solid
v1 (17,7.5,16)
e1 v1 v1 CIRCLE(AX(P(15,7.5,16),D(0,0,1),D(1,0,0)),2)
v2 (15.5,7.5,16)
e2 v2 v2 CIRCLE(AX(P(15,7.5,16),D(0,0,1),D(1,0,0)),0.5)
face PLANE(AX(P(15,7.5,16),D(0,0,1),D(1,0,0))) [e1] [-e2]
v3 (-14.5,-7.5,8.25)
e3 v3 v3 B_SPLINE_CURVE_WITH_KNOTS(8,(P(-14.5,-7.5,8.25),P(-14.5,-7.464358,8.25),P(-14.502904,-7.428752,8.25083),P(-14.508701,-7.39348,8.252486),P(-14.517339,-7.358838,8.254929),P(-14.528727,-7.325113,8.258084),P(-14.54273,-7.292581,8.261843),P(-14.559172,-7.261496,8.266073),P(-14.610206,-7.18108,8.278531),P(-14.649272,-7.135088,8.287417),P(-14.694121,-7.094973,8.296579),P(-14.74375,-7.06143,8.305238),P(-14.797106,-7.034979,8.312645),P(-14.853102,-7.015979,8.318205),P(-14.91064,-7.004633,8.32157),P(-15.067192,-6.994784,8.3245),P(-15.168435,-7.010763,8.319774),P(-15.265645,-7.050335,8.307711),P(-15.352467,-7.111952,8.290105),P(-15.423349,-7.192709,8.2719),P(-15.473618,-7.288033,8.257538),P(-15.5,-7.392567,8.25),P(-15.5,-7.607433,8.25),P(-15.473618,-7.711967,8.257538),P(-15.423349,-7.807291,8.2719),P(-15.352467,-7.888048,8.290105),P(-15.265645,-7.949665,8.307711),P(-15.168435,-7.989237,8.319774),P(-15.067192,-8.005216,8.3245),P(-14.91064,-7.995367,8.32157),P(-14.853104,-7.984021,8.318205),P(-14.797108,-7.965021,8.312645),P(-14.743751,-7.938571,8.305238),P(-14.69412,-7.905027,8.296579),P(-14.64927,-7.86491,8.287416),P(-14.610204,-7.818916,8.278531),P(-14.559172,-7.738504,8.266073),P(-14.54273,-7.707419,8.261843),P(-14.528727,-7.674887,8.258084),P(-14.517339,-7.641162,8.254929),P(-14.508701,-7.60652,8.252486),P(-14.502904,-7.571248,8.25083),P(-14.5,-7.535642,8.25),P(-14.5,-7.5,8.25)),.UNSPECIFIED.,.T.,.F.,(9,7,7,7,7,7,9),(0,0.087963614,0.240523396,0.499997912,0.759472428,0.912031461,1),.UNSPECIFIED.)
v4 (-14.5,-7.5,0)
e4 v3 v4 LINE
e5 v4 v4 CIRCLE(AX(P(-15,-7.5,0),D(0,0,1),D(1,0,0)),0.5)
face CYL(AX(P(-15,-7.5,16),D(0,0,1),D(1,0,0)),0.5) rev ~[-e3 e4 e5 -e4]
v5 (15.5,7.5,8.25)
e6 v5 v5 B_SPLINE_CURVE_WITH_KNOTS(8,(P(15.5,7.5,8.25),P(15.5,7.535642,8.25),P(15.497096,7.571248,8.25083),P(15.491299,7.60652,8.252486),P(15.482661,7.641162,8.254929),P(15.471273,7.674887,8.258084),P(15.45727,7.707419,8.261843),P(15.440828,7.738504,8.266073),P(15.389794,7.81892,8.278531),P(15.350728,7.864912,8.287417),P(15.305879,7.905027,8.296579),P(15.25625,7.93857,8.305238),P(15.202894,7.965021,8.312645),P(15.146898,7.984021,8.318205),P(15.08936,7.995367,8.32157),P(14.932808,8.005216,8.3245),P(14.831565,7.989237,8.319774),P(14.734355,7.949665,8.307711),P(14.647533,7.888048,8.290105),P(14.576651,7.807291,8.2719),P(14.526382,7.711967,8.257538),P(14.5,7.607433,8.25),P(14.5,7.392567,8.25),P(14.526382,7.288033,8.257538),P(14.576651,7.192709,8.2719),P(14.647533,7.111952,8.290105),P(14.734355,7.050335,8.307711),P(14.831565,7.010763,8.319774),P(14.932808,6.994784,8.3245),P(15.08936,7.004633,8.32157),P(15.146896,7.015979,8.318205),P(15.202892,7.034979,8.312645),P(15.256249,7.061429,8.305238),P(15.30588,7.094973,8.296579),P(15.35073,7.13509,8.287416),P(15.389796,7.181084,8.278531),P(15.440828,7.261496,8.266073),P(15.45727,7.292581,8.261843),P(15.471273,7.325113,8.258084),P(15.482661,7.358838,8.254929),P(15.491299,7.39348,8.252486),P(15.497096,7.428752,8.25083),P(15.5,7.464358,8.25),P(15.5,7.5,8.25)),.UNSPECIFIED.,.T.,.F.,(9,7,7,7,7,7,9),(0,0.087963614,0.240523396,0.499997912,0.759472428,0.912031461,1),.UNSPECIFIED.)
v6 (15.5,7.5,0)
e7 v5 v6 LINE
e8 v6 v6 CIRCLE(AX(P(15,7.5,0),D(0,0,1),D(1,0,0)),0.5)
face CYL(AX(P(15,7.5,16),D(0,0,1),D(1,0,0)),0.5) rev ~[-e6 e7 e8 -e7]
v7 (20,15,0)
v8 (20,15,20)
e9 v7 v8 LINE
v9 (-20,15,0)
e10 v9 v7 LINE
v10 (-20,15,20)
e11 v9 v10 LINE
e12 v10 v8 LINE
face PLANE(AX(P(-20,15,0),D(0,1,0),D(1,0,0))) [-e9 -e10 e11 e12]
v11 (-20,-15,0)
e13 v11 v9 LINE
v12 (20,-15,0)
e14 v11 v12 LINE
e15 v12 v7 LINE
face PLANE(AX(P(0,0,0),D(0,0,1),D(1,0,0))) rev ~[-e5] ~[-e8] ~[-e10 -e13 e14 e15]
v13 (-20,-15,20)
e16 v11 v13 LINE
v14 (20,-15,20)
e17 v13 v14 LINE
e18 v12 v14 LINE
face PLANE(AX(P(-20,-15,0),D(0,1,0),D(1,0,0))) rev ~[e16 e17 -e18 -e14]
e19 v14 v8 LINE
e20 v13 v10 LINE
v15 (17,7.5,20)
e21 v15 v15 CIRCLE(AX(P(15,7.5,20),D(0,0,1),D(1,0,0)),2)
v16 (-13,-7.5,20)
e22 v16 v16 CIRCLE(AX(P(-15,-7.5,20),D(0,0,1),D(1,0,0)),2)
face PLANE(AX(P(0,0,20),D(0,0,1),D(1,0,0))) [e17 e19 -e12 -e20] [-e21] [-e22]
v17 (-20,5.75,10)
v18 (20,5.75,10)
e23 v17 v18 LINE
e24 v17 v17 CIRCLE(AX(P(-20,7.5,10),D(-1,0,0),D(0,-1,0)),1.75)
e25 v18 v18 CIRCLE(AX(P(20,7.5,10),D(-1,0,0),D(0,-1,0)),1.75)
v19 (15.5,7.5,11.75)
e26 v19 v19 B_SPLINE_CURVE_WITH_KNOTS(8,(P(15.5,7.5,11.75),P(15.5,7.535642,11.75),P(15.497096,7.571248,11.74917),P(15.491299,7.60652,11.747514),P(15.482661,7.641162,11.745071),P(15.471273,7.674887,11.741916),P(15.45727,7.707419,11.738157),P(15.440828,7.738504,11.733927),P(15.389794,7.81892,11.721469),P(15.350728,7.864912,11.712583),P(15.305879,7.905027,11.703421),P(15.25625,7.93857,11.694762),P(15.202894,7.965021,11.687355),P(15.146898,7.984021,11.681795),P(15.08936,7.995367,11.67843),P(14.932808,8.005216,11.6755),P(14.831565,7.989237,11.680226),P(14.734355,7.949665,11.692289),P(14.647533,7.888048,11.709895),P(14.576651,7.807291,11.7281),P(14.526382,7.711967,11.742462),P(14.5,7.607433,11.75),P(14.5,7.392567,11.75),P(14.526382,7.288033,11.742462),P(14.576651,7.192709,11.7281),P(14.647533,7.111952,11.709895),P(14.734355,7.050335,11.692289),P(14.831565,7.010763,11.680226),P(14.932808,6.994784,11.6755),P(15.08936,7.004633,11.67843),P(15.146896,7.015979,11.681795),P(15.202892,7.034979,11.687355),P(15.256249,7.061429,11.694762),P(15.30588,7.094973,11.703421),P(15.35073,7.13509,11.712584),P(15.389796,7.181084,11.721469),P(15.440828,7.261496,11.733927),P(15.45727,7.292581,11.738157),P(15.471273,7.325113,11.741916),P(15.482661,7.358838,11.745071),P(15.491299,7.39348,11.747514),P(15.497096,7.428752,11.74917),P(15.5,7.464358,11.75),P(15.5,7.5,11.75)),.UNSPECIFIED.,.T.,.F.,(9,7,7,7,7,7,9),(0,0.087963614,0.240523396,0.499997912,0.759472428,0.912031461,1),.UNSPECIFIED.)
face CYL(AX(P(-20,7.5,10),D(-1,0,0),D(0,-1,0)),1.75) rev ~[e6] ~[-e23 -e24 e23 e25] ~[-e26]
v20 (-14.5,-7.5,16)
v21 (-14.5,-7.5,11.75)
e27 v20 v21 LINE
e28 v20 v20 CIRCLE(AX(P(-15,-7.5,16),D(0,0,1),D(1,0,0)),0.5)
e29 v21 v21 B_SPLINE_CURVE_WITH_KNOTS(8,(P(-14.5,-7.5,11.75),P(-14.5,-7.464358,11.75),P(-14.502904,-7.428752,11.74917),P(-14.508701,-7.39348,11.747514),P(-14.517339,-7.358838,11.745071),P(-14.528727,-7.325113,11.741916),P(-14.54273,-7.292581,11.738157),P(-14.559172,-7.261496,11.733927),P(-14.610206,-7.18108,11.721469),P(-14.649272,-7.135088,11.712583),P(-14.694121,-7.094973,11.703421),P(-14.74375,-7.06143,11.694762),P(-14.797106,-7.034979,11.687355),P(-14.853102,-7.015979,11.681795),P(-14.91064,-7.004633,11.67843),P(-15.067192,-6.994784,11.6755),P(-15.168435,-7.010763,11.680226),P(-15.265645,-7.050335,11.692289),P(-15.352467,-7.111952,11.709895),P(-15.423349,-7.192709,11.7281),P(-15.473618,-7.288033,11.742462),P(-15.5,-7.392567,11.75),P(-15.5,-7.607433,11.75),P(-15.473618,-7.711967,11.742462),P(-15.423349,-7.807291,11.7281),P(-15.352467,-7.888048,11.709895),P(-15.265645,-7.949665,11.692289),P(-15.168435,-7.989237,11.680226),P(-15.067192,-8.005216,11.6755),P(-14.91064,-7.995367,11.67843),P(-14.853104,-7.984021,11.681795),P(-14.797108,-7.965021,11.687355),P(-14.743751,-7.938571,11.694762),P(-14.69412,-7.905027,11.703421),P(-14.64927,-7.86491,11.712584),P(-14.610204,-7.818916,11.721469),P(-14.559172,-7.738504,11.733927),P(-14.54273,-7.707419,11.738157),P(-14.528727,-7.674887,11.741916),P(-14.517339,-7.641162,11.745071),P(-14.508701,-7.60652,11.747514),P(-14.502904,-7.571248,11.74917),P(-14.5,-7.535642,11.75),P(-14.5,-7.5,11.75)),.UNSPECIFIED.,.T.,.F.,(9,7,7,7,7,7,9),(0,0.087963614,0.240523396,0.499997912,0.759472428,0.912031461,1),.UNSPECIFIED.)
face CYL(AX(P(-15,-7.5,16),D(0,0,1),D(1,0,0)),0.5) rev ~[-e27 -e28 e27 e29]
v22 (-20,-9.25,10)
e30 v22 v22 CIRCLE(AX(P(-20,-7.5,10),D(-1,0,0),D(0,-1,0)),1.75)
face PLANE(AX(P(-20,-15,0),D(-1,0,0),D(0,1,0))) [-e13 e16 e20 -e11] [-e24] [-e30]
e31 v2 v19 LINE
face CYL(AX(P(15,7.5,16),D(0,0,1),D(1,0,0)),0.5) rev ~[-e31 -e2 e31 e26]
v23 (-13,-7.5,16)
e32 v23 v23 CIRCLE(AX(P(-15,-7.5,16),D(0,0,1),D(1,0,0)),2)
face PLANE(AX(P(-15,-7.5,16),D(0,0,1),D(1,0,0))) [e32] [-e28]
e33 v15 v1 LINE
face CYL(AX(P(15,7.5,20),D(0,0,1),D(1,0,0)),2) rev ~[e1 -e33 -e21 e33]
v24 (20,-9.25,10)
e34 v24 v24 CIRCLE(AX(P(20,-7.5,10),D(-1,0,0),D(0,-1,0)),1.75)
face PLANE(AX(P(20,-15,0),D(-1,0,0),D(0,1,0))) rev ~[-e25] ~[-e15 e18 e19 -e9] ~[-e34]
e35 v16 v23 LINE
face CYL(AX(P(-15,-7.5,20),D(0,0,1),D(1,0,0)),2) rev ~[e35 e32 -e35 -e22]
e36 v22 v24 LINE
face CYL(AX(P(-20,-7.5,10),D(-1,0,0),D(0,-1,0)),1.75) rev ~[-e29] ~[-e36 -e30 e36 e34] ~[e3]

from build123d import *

# Parameters (mm, degrees)
F0_W     = 40
F0_H     = 30
F1_DEPTH = 20
F2_R     = 1.75
F3_DEPTH = 40.001
F4_R     = 2
F5_DEPTH = 4
F6_R     = 0.5
F7_DEPTH = 16.001


with BuildPart() as f1:
    # F0 (on Top) → F1 (new body)
    with BuildSketch(Plane.XY):
        Rectangle(F0_W, F0_H)
    extrude(amount=F1_DEPTH)

    # F2 (on face) → F3 (cut, through all)
    with BuildSketch(Plane(origin=(-20, 0, 0), x_dir=(0, -1, 0), z_dir=(-1, 0, 0))):
        with Locations((-7.5, 10)):
            Circle(F2_R)
        with Locations((7.5, 10)):
            Circle(F2_R)
    extrude(amount=-F3_DEPTH, mode=Mode.SUBTRACT)

    # F4 (on face) → F5 (cut)
    with BuildSketch(Plane.XY.offset(20)):
        with Locations((15, 7.5)):
            Circle(F4_R)
        with Locations((-15, -7.5)):
            Circle(F4_R)
    extrude(amount=-F5_DEPTH, mode=Mode.SUBTRACT)

    # F6 (on face) → F7 (cut, through all)
    with BuildSketch(Plane.XY.offset(16)):
        with Locations((15, 7.5)):
            Circle(F6_R)
        with Locations((-15, -7.5)):
            Circle(F6_R)
    extrude(amount=-F7_DEPTH, mode=Mode.SUBTRACT)


solid = f1.part
